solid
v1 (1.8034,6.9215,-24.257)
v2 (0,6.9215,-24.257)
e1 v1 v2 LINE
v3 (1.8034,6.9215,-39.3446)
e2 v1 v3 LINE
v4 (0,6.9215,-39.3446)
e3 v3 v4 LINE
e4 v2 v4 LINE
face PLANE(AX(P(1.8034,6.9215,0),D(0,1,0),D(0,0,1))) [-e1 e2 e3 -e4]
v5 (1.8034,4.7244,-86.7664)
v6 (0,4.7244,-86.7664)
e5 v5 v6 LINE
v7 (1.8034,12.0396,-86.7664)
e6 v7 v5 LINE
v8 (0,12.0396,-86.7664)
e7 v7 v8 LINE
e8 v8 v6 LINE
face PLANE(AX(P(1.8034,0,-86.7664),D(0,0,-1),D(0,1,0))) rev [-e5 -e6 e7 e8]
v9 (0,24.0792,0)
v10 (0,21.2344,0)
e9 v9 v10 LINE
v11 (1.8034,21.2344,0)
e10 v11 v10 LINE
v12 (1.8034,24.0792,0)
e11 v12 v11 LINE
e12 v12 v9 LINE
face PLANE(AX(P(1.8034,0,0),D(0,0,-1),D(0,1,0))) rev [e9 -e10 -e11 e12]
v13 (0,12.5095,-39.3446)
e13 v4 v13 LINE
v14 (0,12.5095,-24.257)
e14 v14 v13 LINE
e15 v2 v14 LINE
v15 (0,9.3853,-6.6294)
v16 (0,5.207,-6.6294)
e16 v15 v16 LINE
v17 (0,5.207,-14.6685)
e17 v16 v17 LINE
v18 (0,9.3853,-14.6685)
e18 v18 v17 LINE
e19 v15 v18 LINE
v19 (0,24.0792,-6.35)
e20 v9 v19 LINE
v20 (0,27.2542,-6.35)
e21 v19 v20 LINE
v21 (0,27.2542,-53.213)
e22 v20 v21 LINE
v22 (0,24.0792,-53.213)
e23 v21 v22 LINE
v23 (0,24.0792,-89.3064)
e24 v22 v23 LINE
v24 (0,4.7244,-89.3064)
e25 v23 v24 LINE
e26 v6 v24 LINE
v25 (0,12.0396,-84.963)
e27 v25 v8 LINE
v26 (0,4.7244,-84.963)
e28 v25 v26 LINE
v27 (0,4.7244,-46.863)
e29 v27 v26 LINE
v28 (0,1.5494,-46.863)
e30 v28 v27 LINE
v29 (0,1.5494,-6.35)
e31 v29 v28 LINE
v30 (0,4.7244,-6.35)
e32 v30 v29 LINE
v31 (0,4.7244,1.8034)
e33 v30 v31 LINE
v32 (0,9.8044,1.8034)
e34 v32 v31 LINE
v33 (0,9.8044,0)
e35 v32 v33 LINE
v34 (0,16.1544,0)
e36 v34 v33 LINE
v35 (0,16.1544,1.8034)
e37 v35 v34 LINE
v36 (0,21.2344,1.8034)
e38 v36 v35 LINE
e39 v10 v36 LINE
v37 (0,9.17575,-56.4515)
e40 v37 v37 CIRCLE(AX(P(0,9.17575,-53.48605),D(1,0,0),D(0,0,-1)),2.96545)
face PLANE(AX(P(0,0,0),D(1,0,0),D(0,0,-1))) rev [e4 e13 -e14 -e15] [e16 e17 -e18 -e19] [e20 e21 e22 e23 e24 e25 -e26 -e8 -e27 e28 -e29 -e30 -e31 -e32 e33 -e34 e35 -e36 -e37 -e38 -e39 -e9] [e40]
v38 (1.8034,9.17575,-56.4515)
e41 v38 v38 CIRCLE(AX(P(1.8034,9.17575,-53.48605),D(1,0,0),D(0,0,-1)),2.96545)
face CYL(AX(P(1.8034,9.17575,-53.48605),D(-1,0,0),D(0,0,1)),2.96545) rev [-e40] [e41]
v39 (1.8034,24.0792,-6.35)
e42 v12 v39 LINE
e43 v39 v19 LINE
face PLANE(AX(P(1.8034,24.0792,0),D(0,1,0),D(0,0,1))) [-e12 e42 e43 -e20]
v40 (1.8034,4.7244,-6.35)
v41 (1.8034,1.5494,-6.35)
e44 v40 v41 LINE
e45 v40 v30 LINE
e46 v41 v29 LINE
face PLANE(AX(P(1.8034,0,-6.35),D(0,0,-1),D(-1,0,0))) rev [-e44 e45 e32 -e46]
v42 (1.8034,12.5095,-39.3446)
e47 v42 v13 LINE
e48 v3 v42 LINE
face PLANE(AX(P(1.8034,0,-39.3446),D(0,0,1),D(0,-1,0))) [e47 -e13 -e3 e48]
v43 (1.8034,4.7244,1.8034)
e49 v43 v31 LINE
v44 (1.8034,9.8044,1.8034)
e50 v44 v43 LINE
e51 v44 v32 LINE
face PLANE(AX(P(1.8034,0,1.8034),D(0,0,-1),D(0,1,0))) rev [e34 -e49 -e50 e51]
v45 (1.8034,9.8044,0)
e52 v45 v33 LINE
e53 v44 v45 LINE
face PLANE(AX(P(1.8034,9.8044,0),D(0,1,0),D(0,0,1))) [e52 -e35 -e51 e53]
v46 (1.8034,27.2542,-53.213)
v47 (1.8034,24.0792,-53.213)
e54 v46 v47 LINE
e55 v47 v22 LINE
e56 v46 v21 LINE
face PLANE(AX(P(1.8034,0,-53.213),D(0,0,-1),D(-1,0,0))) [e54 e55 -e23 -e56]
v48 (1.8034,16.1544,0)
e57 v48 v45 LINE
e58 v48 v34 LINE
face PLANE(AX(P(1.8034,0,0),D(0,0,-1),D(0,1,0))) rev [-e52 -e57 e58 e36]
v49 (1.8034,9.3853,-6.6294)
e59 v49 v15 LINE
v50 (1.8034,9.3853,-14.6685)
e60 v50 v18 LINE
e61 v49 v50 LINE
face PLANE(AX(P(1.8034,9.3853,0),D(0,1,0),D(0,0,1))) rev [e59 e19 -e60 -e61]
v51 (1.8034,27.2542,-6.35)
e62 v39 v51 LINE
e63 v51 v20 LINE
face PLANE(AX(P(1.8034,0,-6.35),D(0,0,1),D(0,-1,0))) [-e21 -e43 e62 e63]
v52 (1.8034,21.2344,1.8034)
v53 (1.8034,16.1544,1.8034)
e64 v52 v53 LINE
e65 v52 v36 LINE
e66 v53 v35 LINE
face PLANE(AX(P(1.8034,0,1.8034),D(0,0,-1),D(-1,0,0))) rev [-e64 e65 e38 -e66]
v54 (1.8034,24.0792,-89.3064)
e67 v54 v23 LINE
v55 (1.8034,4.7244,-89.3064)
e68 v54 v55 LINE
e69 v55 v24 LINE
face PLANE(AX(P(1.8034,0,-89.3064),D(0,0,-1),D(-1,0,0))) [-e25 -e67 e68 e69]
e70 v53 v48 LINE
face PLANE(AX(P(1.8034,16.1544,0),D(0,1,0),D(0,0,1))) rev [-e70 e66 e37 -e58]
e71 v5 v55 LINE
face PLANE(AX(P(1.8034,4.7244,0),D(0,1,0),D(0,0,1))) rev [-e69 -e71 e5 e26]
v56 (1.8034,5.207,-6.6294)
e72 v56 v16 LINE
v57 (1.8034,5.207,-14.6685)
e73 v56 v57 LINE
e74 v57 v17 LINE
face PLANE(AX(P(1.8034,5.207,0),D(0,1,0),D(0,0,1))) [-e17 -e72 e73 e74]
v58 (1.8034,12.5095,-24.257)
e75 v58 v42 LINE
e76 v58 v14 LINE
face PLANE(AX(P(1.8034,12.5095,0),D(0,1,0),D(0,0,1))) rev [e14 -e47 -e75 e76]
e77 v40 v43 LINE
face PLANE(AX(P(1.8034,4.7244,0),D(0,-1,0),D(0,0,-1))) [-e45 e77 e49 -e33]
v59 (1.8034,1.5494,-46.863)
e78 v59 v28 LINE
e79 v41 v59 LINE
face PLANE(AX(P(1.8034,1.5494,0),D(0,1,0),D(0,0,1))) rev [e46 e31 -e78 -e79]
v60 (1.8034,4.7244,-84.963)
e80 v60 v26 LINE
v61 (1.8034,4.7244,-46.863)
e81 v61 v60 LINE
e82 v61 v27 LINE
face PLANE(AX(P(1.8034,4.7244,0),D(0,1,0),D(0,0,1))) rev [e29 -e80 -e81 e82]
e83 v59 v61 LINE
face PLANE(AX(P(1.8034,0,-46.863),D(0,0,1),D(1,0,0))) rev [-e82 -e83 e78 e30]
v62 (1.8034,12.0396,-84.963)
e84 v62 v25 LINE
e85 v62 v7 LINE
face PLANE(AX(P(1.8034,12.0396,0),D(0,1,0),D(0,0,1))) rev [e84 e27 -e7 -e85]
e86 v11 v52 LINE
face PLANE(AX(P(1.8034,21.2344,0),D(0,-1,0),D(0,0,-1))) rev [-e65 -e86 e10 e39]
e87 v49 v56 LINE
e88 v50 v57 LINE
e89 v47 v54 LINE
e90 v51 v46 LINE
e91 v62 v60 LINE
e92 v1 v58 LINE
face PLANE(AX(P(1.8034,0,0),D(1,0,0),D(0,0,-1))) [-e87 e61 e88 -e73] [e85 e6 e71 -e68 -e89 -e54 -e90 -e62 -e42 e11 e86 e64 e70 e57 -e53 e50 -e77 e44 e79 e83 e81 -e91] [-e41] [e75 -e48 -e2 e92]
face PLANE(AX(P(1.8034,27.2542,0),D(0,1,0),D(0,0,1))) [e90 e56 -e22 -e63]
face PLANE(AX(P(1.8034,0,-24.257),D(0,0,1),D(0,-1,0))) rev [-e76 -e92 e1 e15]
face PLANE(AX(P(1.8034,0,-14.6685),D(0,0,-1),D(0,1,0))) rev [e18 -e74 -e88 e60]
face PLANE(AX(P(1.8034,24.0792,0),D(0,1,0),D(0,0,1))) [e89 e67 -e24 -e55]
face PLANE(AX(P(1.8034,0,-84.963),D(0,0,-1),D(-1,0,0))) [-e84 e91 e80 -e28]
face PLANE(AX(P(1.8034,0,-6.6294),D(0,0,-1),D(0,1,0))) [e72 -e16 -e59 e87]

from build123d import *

# Parameters (mm, degrees)
SKETCH2_W           = 8.0391
SKETCH2_H           = 4.1783
SKETCH2_W_2         = 15.0876
SKETCH2_H_2         = 5.588
SKETCH2_R           = 2.96545
BOSS_EXTRUDE1_DEPTH = 1.8034


with BuildPart() as part:
    # Sketch2 → Boss-Extrude1 (new body)
    with BuildSketch(Plane(origin=(0, 0, 0), x_dir=(0, 0, -1), z_dir=(1, 0, 0))):
        Polygon((6.35, 24.0792), (0, 24.0792), (0, 21.2344), (-1.8034, 21.2344), (-1.8034, 16.1544), (0, 16.1544), (0, 9.8044), (-1.8034, 9.8044), (-1.8034, 4.7244), (6.35, 4.7244), (6.35, 1.5494), (46.863, 1.5494), (46.863, 4.7244), (84.963, 4.7244), (84.963, 12.0396), (86.7664, 12.0396), (86.7664, 4.7244), (89.3064, 4.7244), (89.3064, 24.0792), (53.213, 24.0792), (53.213, 27.2542), (6.35, 27.2542), align=None)
        with Locations((10.64895, 7.29615)):
            Rectangle(SKETCH2_W, SKETCH2_H, mode=Mode.SUBTRACT)
        with Locations((31.8008, 9.7155)):
            Rectangle(SKETCH2_W_2, SKETCH2_H_2, mode=Mode.SUBTRACT)
        with Locations((53.48605, 9.17575)):
            Circle(SKETCH2_R, mode=Mode.SUBTRACT)
    extrude(amount=BOSS_EXTRUDE1_DEPTH)


solid = part.part
